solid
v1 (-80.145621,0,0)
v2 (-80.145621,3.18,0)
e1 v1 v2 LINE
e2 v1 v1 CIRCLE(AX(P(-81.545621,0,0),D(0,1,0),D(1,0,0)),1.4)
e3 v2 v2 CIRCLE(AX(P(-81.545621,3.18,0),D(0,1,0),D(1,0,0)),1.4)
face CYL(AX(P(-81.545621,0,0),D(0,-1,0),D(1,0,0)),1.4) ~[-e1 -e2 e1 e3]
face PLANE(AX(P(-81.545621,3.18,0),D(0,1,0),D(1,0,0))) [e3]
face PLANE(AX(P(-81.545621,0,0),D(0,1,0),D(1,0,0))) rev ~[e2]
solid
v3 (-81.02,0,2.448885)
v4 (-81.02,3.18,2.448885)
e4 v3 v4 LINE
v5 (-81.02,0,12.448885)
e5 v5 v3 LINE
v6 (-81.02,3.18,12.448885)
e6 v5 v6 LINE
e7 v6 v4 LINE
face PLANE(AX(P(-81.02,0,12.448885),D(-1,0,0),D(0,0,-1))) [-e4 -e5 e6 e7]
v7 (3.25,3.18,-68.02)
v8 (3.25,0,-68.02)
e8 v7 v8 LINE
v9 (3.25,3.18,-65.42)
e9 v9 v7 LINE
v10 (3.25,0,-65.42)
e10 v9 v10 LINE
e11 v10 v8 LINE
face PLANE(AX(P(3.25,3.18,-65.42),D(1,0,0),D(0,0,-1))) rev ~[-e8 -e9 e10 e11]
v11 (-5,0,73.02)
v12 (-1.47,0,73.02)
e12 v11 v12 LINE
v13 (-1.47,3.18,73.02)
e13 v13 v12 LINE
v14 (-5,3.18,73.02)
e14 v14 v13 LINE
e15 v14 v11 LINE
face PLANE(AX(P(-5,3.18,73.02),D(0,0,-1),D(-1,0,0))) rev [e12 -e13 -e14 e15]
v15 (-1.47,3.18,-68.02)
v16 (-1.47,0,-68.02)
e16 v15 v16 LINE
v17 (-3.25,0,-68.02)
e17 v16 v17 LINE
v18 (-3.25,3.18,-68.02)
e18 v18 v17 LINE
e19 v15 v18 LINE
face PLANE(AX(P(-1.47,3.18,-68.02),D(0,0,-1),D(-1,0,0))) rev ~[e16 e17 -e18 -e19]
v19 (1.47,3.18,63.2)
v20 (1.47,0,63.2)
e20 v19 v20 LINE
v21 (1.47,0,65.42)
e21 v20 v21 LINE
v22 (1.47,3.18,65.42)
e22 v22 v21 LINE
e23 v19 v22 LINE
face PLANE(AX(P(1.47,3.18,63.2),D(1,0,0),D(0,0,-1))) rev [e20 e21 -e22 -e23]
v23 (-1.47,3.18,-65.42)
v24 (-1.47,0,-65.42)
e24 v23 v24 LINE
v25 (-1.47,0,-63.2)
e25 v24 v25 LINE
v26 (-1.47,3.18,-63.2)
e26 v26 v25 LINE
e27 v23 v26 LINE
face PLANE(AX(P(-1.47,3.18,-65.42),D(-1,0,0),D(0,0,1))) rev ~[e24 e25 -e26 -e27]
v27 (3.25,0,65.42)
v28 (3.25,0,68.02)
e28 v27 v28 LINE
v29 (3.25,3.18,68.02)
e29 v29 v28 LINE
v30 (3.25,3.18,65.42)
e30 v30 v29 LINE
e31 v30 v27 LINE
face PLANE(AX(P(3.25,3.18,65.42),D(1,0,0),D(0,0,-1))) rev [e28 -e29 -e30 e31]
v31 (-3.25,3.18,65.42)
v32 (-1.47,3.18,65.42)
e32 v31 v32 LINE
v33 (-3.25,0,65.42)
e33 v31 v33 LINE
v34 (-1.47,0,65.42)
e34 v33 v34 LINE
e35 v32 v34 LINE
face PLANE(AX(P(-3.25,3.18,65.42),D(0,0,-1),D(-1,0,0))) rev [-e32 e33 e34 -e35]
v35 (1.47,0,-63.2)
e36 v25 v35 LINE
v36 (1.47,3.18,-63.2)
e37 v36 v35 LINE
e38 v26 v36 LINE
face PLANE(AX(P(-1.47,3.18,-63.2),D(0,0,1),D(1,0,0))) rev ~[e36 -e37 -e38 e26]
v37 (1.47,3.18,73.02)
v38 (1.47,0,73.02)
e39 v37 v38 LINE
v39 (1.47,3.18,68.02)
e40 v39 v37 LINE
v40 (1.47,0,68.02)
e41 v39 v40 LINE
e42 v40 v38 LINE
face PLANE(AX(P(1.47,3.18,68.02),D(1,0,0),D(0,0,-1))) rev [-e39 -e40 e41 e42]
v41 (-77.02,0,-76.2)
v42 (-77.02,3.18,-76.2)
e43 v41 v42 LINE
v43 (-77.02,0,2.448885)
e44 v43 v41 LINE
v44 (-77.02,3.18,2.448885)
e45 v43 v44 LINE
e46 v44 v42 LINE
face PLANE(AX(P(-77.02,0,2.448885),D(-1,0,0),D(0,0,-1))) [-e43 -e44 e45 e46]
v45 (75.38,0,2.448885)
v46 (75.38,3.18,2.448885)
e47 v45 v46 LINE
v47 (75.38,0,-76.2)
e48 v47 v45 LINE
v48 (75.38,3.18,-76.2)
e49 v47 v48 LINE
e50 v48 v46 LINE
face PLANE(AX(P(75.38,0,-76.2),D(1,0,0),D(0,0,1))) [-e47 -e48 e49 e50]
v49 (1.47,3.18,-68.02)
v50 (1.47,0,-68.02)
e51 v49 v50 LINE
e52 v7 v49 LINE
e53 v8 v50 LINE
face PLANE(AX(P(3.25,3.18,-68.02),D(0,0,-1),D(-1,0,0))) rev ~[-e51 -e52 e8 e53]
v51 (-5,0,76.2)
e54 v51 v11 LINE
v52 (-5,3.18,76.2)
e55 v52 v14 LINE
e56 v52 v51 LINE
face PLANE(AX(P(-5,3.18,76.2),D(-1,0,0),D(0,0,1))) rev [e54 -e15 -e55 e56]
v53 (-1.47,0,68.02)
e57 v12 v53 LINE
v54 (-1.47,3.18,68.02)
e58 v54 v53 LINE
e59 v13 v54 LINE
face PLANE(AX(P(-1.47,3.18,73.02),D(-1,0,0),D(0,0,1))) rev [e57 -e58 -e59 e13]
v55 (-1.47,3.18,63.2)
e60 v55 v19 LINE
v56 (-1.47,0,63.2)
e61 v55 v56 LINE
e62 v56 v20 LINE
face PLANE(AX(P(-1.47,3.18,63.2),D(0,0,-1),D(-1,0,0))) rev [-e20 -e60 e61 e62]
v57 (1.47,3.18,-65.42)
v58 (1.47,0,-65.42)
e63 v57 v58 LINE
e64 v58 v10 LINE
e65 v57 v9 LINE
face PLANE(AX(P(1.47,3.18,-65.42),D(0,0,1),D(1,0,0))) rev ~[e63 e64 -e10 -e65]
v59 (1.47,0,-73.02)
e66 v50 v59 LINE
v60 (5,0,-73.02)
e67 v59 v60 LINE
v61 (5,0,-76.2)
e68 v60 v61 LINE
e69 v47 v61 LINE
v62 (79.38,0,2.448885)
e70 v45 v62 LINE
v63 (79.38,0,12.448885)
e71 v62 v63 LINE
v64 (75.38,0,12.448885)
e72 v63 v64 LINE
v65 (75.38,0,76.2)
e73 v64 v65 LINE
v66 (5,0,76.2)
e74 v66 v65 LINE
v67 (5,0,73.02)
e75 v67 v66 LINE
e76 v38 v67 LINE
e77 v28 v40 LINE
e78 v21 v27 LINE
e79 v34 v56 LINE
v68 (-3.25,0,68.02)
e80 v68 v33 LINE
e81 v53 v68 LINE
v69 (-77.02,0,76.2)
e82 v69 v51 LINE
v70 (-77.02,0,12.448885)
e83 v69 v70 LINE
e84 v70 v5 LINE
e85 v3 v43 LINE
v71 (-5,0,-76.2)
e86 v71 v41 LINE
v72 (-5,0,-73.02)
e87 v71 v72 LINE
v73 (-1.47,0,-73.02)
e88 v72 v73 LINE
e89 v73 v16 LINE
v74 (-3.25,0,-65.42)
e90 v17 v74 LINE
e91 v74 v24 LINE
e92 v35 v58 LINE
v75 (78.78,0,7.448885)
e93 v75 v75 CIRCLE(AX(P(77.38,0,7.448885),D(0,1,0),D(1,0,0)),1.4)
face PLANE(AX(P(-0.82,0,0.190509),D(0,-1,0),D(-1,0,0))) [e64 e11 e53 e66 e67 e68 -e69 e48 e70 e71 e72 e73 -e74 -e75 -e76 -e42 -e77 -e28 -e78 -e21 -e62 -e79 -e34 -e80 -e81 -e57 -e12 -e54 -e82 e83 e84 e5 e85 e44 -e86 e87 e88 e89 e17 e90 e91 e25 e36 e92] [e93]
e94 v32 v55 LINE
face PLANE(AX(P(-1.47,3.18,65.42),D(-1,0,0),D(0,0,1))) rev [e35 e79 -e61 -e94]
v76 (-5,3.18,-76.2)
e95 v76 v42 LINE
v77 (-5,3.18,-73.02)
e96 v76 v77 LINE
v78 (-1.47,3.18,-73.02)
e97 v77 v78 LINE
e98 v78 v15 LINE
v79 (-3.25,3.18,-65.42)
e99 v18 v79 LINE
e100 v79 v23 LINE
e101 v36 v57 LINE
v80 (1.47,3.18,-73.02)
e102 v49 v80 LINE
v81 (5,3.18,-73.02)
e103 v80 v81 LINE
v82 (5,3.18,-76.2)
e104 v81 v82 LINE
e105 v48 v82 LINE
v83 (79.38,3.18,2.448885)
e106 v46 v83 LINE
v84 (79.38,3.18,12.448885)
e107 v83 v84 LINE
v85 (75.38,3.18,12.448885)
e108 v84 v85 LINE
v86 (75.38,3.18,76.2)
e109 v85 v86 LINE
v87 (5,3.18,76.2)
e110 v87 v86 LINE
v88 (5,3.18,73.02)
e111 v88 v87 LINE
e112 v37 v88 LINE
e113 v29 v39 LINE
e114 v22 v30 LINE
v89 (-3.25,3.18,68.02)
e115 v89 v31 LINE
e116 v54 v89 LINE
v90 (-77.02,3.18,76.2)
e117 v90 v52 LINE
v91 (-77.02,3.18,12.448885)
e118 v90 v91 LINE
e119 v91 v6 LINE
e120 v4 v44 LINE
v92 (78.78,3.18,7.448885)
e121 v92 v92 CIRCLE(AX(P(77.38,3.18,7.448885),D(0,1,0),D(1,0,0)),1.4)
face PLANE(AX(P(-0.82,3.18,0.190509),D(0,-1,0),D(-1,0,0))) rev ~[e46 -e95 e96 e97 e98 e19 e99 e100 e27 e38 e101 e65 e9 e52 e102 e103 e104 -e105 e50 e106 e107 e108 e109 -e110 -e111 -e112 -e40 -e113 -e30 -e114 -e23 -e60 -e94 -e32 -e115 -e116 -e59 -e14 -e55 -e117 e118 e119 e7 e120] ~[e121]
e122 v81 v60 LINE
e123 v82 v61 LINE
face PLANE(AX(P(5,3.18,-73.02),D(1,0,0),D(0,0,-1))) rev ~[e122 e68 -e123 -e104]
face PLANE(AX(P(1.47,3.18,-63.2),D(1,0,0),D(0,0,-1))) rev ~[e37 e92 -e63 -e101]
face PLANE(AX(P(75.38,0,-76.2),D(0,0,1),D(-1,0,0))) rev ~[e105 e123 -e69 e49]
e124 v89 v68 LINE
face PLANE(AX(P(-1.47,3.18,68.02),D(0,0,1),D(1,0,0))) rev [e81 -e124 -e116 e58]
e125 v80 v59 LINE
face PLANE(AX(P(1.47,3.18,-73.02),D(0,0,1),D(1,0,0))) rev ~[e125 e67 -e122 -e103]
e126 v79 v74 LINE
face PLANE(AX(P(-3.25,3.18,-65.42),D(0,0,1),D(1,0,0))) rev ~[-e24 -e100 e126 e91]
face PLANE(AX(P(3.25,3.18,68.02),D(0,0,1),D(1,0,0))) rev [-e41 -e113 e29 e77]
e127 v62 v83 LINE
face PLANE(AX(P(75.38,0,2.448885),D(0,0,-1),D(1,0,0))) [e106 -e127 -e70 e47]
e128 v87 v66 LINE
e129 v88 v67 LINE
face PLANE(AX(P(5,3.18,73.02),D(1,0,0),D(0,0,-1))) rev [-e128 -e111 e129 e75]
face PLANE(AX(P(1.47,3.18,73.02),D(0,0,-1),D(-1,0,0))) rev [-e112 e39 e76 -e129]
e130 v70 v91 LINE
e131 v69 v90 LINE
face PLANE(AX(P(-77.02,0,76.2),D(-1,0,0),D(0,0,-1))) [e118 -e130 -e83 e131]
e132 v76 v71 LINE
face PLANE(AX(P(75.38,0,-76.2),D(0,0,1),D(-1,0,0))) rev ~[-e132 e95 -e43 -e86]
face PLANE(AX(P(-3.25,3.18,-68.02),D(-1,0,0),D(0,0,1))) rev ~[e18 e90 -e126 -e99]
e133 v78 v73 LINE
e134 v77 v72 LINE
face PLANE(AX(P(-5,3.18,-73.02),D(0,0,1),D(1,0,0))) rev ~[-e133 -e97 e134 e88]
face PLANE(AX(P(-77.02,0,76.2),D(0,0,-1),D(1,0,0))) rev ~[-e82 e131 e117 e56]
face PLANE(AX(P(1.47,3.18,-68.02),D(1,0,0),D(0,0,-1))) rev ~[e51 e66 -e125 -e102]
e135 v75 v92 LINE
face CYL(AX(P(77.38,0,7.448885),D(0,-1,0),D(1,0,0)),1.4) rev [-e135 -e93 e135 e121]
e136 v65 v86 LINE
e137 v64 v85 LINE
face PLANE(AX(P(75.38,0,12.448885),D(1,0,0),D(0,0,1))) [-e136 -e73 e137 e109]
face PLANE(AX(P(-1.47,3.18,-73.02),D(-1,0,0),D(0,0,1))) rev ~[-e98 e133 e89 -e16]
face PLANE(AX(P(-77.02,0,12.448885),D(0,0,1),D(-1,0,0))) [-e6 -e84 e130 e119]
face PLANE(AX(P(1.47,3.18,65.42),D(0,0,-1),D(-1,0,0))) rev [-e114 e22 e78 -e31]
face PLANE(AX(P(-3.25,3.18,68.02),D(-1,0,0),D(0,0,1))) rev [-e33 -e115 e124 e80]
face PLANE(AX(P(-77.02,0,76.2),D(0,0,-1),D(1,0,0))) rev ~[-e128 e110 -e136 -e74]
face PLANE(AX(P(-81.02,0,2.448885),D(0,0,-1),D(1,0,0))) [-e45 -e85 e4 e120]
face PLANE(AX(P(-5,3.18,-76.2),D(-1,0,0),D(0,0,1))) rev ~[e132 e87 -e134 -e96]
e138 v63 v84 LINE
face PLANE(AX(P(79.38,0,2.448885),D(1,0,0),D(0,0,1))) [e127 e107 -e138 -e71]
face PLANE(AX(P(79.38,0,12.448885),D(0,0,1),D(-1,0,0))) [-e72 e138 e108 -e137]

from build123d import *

# Parameters (mm, degrees)
SKETCH1_R             = 1.4
BOSS_EXTRUDE1_DEPTH   = 3.18
BOSS_EXTRUDE1_2_DEPTH = 3.18
CUT_EXTRUDE1_DEPTH    = 3.18


with BuildPart() as part:
    # Sketch1 → Boss-Extrude1 (new body)
    with BuildSketch(Plane(origin=(0, 0, 0), x_dir=(1, 0, 0), z_dir=(0, 1, 0))):
        with Locations((-81.54562107, 0)):
            Circle(SKETCH1_R)
    extrude(amount=BOSS_EXTRUDE1_DEPTH)


with BuildPart() as body_2:
    # Sketch1 → Boss-Extrude1 2 (new body)
    with BuildSketch(Plane(origin=(0, 0, 0), x_dir=(1, 0, 0), z_dir=(0, 1, 0))):
        Polygon((-77.02, 76.2), (-5.292081761, 76.2), (3.652081761, 76.2), (75.38, 76.2), (75.38, -2.448884984), (79.38, -2.448884984), (79.38, -12.448884984), (75.38, -12.448884984), (75.38, -76.2), (3.652081761, -76.2), (-5.292081761, -76.2), (-77.02, -76.2), (-77.02, -12.448884984), (-81.02, -12.448884984), (-81.02, -2.448884984), (-77.02, -2.448884984), align=None)
        with Locations((77.38, -7.448884984)):
            Circle(SKETCH1_R, mode=Mode.SUBTRACT)
    extrude(amount=BOSS_EXTRUDE1_2_DEPTH)

    # Sketch2 → Cut-Extrude1 (cut)
    with BuildSketch(Plane(origin=(0, 3.18, 0), x_dir=(1, 0, 0), z_dir=(0, 1, 0))):
        Polygon((5, 76.2), (-5, 76.2), (-5, 73.02), (-1.47, 73.02), (-1.47, 68.02), (-3.25, 68.02), (-3.25, 65.42), (-1.47, 65.42), (-1.47, 63.2), (1.47, 63.2), (1.47, 65.42), (3.25, 65.42), (3.25, 68.02), (1.47, 68.02), (1.47, 73.02), (5, 73.02), align=None)
    cut_extrude1 = extrude(amount=-CUT_EXTRUDE1_DEPTH, mode=Mode.SUBTRACT)

    # Mirror4: Cut-Extrude1 across plane
    add(cut_extrude1.mirror(Plane.XY), mode=Mode.SUBTRACT)


solid = Compound([part.part, body_2.part])
